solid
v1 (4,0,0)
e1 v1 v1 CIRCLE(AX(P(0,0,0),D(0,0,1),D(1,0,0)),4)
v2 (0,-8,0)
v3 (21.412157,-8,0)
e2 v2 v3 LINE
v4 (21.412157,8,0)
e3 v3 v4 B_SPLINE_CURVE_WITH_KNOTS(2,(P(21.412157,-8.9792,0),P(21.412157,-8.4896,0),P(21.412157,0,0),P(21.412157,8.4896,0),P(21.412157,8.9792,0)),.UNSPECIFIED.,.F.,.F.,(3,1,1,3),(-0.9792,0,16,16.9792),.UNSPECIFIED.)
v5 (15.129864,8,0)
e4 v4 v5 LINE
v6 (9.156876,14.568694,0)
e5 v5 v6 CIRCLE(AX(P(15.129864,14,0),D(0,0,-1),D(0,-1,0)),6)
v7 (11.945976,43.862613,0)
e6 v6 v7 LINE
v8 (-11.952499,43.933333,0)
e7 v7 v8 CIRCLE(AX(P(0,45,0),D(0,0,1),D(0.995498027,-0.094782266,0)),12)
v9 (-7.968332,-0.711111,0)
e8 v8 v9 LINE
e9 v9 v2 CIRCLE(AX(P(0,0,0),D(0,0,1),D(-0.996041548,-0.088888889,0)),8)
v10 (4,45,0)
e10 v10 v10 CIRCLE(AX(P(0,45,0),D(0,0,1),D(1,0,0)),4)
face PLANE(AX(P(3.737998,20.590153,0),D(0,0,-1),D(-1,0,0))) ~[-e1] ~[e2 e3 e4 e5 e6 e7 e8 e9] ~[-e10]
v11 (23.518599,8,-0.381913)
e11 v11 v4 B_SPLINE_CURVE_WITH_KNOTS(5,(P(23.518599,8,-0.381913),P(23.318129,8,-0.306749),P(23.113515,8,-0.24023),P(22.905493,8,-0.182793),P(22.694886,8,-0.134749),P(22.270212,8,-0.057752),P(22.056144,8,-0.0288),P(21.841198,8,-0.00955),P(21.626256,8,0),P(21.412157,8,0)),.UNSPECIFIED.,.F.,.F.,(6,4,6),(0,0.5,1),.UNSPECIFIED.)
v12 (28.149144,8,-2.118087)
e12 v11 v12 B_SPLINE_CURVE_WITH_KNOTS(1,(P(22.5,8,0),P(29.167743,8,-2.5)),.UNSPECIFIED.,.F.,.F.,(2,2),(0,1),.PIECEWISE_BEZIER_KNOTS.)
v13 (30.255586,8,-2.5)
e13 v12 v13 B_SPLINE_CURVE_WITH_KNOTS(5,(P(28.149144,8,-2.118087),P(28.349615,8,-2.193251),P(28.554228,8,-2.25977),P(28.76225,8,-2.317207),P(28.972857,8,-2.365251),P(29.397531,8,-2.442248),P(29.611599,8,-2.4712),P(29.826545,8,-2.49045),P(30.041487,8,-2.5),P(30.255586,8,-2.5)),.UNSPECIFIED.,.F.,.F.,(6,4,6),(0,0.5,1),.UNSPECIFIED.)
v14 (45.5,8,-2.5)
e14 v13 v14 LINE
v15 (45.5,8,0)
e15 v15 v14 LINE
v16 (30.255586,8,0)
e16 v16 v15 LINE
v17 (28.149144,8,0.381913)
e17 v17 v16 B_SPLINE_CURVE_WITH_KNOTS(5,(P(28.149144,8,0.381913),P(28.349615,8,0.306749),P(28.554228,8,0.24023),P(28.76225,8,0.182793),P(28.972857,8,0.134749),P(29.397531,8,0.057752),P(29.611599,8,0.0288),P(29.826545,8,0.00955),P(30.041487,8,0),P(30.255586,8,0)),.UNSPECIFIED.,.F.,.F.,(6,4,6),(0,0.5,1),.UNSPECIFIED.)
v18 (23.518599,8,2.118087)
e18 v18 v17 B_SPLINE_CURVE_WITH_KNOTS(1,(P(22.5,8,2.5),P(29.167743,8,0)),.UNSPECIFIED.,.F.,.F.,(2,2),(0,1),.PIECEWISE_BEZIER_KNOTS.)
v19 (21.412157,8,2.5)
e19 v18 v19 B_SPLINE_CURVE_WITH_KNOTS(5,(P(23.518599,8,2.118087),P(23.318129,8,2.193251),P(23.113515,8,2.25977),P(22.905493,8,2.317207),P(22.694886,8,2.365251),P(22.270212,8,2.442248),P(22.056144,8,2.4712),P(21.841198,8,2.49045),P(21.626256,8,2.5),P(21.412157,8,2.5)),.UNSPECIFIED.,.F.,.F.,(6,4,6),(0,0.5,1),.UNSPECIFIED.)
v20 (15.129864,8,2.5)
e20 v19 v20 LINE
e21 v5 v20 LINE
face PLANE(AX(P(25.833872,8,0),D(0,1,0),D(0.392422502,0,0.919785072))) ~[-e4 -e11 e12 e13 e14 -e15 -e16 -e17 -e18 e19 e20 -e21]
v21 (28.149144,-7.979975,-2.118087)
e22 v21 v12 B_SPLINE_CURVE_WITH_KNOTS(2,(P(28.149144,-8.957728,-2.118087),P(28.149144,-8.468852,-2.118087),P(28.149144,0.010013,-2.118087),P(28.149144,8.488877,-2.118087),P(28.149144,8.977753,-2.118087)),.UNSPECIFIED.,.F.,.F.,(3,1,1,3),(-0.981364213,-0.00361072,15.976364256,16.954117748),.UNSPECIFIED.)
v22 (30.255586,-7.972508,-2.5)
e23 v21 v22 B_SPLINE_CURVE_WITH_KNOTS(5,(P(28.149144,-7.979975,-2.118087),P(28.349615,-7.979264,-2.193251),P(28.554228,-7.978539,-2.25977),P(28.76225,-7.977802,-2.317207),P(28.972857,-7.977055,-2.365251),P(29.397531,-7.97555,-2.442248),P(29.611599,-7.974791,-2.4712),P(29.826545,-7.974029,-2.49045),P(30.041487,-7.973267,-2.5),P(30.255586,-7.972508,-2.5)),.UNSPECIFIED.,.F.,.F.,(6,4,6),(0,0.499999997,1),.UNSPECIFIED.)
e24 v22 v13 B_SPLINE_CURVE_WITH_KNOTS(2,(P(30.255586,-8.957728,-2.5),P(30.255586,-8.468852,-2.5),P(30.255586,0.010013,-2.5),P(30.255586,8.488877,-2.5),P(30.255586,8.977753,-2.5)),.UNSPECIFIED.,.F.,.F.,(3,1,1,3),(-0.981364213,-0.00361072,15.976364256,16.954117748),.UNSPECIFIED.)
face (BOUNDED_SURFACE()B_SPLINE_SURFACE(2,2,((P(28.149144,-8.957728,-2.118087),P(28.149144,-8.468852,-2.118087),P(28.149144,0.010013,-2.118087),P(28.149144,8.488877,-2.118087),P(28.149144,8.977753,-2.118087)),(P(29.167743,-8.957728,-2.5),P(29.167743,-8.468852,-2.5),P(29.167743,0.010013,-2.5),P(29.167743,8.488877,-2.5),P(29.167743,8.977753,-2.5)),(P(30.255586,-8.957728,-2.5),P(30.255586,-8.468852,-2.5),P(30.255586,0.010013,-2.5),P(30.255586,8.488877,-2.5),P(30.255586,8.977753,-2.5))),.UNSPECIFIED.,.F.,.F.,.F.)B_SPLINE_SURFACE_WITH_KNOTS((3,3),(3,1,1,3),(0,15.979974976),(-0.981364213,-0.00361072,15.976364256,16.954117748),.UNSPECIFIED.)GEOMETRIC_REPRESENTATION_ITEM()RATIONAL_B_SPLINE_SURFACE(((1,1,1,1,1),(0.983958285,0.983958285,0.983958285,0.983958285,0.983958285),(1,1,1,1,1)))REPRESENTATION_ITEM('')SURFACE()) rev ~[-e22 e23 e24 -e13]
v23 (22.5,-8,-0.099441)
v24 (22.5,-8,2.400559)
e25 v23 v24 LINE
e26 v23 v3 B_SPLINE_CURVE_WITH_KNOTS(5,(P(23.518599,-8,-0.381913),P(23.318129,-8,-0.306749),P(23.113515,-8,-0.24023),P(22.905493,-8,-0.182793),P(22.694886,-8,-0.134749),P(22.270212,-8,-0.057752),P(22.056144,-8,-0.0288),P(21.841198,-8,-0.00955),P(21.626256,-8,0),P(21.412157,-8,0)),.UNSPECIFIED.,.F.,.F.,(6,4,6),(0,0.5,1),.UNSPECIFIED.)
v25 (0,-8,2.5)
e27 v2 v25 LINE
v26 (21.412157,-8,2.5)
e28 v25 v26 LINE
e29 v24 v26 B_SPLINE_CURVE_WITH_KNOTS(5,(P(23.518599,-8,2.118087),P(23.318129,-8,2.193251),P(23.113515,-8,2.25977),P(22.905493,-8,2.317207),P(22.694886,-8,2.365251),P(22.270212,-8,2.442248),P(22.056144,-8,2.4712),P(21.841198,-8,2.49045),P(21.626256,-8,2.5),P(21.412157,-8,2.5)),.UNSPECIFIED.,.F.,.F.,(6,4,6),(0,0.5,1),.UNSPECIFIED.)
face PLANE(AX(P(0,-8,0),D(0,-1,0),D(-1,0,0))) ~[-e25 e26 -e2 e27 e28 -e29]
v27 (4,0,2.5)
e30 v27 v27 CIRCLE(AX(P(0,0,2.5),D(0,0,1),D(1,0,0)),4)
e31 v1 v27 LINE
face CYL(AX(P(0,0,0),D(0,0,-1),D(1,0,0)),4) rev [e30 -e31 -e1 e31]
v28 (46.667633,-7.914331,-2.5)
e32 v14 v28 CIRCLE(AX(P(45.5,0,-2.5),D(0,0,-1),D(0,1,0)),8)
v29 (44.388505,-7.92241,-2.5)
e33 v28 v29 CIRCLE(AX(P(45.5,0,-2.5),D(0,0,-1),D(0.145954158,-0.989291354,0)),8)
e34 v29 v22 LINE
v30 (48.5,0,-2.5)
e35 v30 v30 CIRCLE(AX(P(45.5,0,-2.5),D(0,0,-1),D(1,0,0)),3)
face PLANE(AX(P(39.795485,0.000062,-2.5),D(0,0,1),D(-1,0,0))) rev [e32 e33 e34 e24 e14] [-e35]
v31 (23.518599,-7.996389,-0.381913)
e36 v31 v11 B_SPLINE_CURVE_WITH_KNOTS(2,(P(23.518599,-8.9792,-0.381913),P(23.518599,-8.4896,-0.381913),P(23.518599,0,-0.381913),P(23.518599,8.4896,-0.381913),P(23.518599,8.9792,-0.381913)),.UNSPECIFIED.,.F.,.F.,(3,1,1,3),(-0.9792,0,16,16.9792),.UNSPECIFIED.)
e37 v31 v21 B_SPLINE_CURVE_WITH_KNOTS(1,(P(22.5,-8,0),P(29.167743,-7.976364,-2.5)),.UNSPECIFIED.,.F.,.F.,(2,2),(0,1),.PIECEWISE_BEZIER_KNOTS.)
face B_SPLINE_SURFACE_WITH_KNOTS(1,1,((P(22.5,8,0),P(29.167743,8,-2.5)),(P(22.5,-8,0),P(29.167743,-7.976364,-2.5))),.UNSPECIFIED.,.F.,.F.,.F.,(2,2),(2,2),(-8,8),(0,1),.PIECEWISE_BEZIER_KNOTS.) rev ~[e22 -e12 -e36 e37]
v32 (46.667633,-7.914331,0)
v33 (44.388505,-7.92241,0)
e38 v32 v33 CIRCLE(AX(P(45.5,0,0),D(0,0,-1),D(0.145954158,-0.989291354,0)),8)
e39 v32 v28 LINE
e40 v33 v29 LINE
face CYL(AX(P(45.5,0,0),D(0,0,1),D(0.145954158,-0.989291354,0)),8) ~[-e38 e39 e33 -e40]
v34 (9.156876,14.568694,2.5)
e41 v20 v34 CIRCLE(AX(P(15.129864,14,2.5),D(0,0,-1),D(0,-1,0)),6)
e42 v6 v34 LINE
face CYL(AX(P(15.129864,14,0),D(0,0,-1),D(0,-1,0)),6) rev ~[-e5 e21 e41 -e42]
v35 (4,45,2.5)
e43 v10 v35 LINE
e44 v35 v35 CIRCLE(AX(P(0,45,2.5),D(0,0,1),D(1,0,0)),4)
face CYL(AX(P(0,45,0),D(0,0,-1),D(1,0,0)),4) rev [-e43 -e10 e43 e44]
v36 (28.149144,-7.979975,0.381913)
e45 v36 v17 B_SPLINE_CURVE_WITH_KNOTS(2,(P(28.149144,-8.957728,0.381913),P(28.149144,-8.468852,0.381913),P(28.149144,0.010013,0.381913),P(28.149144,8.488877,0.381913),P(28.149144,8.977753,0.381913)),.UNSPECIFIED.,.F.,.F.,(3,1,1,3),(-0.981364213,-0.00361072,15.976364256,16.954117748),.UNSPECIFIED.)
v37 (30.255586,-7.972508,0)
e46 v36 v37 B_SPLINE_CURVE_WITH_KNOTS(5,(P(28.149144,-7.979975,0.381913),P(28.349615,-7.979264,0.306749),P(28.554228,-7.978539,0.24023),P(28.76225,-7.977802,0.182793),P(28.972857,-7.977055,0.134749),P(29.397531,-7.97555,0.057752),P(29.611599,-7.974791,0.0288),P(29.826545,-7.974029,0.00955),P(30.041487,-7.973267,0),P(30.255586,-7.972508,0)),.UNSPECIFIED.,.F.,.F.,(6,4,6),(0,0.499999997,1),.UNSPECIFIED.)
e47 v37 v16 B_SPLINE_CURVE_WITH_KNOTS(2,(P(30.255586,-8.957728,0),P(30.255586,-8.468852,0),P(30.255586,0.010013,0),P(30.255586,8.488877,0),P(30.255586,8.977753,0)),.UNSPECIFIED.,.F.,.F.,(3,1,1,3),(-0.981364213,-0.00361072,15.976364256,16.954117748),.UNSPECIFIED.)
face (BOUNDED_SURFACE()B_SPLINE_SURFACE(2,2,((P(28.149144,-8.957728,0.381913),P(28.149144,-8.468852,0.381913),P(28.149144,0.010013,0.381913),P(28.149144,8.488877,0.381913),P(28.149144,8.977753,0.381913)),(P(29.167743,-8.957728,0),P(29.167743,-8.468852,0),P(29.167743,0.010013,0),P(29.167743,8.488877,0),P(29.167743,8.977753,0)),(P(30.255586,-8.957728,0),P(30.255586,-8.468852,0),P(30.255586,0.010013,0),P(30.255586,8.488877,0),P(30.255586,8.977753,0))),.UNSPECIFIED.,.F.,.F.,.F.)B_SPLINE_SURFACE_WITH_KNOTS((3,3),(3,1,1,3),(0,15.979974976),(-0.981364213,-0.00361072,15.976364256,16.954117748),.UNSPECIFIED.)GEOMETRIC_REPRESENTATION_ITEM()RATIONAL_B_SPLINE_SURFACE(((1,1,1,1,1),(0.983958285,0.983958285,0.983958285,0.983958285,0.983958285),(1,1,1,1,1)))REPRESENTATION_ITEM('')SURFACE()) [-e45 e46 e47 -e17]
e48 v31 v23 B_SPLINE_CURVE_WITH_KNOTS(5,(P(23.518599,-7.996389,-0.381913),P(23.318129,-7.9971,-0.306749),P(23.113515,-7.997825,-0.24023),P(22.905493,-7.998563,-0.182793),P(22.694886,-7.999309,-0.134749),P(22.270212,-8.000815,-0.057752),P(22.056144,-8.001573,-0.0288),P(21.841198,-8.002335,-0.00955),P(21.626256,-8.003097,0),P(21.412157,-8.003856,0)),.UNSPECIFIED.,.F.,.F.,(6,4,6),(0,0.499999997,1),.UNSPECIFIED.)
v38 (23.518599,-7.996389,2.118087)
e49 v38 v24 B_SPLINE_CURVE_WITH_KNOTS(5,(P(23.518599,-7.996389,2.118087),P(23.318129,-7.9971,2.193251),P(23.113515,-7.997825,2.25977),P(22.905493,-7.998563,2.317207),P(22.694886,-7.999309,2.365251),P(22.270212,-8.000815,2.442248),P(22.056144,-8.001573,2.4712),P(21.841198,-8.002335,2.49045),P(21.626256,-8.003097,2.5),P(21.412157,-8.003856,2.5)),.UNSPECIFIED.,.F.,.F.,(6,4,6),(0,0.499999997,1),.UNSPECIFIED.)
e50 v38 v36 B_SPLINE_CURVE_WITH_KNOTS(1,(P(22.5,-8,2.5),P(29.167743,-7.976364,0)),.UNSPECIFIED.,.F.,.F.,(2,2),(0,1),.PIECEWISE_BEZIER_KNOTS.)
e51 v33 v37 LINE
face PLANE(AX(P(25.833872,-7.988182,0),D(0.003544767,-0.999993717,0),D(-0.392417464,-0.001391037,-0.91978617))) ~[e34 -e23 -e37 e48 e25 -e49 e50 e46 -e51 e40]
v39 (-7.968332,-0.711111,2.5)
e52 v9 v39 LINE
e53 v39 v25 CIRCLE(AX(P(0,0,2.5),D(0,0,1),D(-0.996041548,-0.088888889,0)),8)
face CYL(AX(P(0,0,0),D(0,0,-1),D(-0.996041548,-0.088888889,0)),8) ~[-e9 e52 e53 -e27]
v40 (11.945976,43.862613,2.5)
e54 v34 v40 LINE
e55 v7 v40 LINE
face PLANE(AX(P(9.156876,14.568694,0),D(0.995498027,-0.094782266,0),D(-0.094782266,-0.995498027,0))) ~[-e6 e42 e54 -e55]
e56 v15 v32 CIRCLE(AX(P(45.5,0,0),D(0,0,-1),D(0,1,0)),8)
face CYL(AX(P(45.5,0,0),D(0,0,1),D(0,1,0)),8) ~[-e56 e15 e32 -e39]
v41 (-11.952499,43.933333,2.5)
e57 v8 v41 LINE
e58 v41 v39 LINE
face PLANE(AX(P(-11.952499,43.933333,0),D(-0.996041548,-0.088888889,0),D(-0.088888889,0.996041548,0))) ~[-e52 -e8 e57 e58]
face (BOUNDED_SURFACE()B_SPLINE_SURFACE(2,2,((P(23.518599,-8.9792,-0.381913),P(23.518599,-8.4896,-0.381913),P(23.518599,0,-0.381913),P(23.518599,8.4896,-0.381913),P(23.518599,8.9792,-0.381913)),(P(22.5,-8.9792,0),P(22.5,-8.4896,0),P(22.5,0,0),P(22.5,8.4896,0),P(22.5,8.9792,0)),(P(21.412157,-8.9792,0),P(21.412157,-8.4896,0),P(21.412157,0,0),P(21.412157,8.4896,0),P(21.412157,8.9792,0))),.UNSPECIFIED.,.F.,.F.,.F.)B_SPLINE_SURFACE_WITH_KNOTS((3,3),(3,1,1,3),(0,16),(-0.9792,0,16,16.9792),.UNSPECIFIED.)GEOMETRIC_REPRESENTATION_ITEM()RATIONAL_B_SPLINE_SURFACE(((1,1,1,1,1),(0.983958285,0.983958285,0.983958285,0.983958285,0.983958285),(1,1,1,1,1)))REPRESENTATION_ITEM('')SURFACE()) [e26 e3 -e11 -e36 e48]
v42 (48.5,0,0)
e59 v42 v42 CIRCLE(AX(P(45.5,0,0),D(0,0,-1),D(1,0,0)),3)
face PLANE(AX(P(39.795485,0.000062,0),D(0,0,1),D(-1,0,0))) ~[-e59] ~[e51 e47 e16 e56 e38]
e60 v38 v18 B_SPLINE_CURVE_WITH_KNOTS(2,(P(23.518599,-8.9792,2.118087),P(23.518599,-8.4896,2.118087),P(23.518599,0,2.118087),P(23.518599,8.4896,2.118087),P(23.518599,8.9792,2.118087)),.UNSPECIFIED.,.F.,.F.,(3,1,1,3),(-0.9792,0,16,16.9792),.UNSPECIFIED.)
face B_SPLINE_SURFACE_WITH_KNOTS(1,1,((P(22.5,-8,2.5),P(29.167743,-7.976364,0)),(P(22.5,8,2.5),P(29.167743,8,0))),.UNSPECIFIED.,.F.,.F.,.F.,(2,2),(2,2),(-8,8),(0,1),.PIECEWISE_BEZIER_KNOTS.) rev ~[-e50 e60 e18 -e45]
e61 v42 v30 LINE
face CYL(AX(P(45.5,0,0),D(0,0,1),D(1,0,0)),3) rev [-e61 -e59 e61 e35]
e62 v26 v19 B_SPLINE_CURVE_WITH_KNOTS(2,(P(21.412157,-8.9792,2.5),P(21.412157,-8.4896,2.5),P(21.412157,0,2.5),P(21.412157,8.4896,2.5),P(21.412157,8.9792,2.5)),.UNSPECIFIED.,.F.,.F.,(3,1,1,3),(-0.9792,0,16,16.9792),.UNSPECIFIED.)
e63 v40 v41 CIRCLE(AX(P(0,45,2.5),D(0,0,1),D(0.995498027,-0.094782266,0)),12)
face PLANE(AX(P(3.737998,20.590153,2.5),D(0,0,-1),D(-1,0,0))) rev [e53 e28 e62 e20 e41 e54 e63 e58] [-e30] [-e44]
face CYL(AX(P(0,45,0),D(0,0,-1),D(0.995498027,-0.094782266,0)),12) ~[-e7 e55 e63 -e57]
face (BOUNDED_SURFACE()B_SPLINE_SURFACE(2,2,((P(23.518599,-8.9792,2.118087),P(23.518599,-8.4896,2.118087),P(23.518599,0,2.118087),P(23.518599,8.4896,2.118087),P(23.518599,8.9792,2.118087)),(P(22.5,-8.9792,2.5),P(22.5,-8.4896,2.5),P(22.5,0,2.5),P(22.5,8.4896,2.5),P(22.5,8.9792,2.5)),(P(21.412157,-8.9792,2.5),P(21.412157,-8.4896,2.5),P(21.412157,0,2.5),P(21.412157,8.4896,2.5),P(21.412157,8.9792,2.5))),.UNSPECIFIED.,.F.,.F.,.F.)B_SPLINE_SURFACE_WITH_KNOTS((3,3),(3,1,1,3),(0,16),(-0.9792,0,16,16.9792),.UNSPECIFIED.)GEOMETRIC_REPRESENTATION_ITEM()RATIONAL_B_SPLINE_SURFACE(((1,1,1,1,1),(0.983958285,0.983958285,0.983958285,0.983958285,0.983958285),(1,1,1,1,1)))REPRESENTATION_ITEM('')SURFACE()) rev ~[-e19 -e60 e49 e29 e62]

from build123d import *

# Parameters (mm, degrees)
F0_R      = 4
F1_DEPTH  = 2.5
F3_R      = 3
F4_DEPTH  = 2.5
F1_FACE_W = 16
F1_FACE_H = 2.5
F4_FACE_W = 15.976364256
F4_FACE_H = 2.5
F7_R      = 6
F8_R      = 6


with BuildPart() as f1:
    # F0 (on Top) → F1 (new body)
    with BuildSketch(Plane.XY):
        with BuildLine():
            Line((9.1568758371, 14.5686935942), (11.9459763261, 43.8626128117))
            ThreePointArc((11.9459763261, 43.8626128117), (0.0355103222, 56.9999474589), (-11.9524985765, 43.9333333333))
            Line((-11.9524985765, 43.9333333333), (-7.9683323844, -0.7111111111))
            ThreePointArc((-7.9683323844, -0.7111111111), (-5.3995884617, -5.902918299), (0, -8))
            Line((0, -8), (22.5, -8))
            Line((22.5, -8), (22.5, 8))
            Line((22.5, 8), (15.1298640001, 8))
            ThreePointArc((15.1298640001, 8), (10.6907108396, 9.9634272932), (9.1568758371, 14.5686935942))
        make_face()
        Circle(F0_R, mode=Mode.SUBTRACT)
        with Locations((0, 45)):
            Circle(F0_R, mode=Mode.SUBTRACT)
    extrude(amount=-F1_DEPTH)


with BuildPart() as f4:
    # F3 (on offset) → F4 (new body)
    with BuildSketch(Plane(origin=(0, 0, 0), x_dir=(1, 0, 0), z_dir=(0, 0, -1))):
        with BuildLine():
            Line((29.1677432093, -8), (45.5, -8))
            ThreePointArc((45.5, -8), (53.478553963, -0.5853859069), (46.6676332619, 7.914330835))
            Line((46.6676332619, 7.914330835), (44.3885046452, 7.9224098655))
            Line((44.3885046452, 7.9224098655), (29.1677432093, 7.976364256))
            Line((29.1677432093, 7.976364256), (29.1677432093, -8))
        make_face()
        with Locations((45.5, 0)):
            Circle(F3_R, mode=Mode.SUBTRACT)
        with BuildLine():
            Line((44.3885046452, 7.9224098655), (46.6676332619, 7.914330835))
            ThreePointArc((46.6676332619, 7.914330835), (45.5283581353, 7.9999497384), (44.3885046452, 7.9224098655))
        make_face()
    extrude(amount=-F4_DEPTH)


with BuildPart() as f5:
    # F1_face (on face) → F5 section 0
    with BuildSketch(Plane(origin=(22.5, 0, -1.25), x_dir=(0, 1, 0), z_dir=(1, 0, 0))):
        Rectangle(F1_FACE_W, F1_FACE_H)
    # F4_face (on face) → F5 section 1
    with BuildSketch(Plane(origin=(29.1677432093, 0.011817872, 1.25), x_dir=(0, -1, 0), z_dir=(-1, 0, 0))):
        Rectangle(F4_FACE_W, F4_FACE_H)
    loft()


with BuildPart() as f1_1:
    add(f1.part)

    # F6: union F4, F5
    add(f4.part)
    add(f5.part)

    # F7
    f7_edges = [f1_1.edges().sort_by_distance(p)[0] for p in [
        (22.5, 0, 0),
        (29.167743, 0.011818, 2.5),
    ]]
    fillet(f7_edges, radius=F7_R)

    # F8
    f8_edges = [f1_1.edges().sort_by_distance(p)[0] for p in [
        (29.167743, 0.011818, 0),
        (22.5, 0, -2.5),
    ]]
    fillet(f8_edges, radius=F8_R)


with BuildPart() as f9_1:
    # F9: instance of F1
    add(f1_1.part.mirror(Plane.XY))


solid = f9_1.part
